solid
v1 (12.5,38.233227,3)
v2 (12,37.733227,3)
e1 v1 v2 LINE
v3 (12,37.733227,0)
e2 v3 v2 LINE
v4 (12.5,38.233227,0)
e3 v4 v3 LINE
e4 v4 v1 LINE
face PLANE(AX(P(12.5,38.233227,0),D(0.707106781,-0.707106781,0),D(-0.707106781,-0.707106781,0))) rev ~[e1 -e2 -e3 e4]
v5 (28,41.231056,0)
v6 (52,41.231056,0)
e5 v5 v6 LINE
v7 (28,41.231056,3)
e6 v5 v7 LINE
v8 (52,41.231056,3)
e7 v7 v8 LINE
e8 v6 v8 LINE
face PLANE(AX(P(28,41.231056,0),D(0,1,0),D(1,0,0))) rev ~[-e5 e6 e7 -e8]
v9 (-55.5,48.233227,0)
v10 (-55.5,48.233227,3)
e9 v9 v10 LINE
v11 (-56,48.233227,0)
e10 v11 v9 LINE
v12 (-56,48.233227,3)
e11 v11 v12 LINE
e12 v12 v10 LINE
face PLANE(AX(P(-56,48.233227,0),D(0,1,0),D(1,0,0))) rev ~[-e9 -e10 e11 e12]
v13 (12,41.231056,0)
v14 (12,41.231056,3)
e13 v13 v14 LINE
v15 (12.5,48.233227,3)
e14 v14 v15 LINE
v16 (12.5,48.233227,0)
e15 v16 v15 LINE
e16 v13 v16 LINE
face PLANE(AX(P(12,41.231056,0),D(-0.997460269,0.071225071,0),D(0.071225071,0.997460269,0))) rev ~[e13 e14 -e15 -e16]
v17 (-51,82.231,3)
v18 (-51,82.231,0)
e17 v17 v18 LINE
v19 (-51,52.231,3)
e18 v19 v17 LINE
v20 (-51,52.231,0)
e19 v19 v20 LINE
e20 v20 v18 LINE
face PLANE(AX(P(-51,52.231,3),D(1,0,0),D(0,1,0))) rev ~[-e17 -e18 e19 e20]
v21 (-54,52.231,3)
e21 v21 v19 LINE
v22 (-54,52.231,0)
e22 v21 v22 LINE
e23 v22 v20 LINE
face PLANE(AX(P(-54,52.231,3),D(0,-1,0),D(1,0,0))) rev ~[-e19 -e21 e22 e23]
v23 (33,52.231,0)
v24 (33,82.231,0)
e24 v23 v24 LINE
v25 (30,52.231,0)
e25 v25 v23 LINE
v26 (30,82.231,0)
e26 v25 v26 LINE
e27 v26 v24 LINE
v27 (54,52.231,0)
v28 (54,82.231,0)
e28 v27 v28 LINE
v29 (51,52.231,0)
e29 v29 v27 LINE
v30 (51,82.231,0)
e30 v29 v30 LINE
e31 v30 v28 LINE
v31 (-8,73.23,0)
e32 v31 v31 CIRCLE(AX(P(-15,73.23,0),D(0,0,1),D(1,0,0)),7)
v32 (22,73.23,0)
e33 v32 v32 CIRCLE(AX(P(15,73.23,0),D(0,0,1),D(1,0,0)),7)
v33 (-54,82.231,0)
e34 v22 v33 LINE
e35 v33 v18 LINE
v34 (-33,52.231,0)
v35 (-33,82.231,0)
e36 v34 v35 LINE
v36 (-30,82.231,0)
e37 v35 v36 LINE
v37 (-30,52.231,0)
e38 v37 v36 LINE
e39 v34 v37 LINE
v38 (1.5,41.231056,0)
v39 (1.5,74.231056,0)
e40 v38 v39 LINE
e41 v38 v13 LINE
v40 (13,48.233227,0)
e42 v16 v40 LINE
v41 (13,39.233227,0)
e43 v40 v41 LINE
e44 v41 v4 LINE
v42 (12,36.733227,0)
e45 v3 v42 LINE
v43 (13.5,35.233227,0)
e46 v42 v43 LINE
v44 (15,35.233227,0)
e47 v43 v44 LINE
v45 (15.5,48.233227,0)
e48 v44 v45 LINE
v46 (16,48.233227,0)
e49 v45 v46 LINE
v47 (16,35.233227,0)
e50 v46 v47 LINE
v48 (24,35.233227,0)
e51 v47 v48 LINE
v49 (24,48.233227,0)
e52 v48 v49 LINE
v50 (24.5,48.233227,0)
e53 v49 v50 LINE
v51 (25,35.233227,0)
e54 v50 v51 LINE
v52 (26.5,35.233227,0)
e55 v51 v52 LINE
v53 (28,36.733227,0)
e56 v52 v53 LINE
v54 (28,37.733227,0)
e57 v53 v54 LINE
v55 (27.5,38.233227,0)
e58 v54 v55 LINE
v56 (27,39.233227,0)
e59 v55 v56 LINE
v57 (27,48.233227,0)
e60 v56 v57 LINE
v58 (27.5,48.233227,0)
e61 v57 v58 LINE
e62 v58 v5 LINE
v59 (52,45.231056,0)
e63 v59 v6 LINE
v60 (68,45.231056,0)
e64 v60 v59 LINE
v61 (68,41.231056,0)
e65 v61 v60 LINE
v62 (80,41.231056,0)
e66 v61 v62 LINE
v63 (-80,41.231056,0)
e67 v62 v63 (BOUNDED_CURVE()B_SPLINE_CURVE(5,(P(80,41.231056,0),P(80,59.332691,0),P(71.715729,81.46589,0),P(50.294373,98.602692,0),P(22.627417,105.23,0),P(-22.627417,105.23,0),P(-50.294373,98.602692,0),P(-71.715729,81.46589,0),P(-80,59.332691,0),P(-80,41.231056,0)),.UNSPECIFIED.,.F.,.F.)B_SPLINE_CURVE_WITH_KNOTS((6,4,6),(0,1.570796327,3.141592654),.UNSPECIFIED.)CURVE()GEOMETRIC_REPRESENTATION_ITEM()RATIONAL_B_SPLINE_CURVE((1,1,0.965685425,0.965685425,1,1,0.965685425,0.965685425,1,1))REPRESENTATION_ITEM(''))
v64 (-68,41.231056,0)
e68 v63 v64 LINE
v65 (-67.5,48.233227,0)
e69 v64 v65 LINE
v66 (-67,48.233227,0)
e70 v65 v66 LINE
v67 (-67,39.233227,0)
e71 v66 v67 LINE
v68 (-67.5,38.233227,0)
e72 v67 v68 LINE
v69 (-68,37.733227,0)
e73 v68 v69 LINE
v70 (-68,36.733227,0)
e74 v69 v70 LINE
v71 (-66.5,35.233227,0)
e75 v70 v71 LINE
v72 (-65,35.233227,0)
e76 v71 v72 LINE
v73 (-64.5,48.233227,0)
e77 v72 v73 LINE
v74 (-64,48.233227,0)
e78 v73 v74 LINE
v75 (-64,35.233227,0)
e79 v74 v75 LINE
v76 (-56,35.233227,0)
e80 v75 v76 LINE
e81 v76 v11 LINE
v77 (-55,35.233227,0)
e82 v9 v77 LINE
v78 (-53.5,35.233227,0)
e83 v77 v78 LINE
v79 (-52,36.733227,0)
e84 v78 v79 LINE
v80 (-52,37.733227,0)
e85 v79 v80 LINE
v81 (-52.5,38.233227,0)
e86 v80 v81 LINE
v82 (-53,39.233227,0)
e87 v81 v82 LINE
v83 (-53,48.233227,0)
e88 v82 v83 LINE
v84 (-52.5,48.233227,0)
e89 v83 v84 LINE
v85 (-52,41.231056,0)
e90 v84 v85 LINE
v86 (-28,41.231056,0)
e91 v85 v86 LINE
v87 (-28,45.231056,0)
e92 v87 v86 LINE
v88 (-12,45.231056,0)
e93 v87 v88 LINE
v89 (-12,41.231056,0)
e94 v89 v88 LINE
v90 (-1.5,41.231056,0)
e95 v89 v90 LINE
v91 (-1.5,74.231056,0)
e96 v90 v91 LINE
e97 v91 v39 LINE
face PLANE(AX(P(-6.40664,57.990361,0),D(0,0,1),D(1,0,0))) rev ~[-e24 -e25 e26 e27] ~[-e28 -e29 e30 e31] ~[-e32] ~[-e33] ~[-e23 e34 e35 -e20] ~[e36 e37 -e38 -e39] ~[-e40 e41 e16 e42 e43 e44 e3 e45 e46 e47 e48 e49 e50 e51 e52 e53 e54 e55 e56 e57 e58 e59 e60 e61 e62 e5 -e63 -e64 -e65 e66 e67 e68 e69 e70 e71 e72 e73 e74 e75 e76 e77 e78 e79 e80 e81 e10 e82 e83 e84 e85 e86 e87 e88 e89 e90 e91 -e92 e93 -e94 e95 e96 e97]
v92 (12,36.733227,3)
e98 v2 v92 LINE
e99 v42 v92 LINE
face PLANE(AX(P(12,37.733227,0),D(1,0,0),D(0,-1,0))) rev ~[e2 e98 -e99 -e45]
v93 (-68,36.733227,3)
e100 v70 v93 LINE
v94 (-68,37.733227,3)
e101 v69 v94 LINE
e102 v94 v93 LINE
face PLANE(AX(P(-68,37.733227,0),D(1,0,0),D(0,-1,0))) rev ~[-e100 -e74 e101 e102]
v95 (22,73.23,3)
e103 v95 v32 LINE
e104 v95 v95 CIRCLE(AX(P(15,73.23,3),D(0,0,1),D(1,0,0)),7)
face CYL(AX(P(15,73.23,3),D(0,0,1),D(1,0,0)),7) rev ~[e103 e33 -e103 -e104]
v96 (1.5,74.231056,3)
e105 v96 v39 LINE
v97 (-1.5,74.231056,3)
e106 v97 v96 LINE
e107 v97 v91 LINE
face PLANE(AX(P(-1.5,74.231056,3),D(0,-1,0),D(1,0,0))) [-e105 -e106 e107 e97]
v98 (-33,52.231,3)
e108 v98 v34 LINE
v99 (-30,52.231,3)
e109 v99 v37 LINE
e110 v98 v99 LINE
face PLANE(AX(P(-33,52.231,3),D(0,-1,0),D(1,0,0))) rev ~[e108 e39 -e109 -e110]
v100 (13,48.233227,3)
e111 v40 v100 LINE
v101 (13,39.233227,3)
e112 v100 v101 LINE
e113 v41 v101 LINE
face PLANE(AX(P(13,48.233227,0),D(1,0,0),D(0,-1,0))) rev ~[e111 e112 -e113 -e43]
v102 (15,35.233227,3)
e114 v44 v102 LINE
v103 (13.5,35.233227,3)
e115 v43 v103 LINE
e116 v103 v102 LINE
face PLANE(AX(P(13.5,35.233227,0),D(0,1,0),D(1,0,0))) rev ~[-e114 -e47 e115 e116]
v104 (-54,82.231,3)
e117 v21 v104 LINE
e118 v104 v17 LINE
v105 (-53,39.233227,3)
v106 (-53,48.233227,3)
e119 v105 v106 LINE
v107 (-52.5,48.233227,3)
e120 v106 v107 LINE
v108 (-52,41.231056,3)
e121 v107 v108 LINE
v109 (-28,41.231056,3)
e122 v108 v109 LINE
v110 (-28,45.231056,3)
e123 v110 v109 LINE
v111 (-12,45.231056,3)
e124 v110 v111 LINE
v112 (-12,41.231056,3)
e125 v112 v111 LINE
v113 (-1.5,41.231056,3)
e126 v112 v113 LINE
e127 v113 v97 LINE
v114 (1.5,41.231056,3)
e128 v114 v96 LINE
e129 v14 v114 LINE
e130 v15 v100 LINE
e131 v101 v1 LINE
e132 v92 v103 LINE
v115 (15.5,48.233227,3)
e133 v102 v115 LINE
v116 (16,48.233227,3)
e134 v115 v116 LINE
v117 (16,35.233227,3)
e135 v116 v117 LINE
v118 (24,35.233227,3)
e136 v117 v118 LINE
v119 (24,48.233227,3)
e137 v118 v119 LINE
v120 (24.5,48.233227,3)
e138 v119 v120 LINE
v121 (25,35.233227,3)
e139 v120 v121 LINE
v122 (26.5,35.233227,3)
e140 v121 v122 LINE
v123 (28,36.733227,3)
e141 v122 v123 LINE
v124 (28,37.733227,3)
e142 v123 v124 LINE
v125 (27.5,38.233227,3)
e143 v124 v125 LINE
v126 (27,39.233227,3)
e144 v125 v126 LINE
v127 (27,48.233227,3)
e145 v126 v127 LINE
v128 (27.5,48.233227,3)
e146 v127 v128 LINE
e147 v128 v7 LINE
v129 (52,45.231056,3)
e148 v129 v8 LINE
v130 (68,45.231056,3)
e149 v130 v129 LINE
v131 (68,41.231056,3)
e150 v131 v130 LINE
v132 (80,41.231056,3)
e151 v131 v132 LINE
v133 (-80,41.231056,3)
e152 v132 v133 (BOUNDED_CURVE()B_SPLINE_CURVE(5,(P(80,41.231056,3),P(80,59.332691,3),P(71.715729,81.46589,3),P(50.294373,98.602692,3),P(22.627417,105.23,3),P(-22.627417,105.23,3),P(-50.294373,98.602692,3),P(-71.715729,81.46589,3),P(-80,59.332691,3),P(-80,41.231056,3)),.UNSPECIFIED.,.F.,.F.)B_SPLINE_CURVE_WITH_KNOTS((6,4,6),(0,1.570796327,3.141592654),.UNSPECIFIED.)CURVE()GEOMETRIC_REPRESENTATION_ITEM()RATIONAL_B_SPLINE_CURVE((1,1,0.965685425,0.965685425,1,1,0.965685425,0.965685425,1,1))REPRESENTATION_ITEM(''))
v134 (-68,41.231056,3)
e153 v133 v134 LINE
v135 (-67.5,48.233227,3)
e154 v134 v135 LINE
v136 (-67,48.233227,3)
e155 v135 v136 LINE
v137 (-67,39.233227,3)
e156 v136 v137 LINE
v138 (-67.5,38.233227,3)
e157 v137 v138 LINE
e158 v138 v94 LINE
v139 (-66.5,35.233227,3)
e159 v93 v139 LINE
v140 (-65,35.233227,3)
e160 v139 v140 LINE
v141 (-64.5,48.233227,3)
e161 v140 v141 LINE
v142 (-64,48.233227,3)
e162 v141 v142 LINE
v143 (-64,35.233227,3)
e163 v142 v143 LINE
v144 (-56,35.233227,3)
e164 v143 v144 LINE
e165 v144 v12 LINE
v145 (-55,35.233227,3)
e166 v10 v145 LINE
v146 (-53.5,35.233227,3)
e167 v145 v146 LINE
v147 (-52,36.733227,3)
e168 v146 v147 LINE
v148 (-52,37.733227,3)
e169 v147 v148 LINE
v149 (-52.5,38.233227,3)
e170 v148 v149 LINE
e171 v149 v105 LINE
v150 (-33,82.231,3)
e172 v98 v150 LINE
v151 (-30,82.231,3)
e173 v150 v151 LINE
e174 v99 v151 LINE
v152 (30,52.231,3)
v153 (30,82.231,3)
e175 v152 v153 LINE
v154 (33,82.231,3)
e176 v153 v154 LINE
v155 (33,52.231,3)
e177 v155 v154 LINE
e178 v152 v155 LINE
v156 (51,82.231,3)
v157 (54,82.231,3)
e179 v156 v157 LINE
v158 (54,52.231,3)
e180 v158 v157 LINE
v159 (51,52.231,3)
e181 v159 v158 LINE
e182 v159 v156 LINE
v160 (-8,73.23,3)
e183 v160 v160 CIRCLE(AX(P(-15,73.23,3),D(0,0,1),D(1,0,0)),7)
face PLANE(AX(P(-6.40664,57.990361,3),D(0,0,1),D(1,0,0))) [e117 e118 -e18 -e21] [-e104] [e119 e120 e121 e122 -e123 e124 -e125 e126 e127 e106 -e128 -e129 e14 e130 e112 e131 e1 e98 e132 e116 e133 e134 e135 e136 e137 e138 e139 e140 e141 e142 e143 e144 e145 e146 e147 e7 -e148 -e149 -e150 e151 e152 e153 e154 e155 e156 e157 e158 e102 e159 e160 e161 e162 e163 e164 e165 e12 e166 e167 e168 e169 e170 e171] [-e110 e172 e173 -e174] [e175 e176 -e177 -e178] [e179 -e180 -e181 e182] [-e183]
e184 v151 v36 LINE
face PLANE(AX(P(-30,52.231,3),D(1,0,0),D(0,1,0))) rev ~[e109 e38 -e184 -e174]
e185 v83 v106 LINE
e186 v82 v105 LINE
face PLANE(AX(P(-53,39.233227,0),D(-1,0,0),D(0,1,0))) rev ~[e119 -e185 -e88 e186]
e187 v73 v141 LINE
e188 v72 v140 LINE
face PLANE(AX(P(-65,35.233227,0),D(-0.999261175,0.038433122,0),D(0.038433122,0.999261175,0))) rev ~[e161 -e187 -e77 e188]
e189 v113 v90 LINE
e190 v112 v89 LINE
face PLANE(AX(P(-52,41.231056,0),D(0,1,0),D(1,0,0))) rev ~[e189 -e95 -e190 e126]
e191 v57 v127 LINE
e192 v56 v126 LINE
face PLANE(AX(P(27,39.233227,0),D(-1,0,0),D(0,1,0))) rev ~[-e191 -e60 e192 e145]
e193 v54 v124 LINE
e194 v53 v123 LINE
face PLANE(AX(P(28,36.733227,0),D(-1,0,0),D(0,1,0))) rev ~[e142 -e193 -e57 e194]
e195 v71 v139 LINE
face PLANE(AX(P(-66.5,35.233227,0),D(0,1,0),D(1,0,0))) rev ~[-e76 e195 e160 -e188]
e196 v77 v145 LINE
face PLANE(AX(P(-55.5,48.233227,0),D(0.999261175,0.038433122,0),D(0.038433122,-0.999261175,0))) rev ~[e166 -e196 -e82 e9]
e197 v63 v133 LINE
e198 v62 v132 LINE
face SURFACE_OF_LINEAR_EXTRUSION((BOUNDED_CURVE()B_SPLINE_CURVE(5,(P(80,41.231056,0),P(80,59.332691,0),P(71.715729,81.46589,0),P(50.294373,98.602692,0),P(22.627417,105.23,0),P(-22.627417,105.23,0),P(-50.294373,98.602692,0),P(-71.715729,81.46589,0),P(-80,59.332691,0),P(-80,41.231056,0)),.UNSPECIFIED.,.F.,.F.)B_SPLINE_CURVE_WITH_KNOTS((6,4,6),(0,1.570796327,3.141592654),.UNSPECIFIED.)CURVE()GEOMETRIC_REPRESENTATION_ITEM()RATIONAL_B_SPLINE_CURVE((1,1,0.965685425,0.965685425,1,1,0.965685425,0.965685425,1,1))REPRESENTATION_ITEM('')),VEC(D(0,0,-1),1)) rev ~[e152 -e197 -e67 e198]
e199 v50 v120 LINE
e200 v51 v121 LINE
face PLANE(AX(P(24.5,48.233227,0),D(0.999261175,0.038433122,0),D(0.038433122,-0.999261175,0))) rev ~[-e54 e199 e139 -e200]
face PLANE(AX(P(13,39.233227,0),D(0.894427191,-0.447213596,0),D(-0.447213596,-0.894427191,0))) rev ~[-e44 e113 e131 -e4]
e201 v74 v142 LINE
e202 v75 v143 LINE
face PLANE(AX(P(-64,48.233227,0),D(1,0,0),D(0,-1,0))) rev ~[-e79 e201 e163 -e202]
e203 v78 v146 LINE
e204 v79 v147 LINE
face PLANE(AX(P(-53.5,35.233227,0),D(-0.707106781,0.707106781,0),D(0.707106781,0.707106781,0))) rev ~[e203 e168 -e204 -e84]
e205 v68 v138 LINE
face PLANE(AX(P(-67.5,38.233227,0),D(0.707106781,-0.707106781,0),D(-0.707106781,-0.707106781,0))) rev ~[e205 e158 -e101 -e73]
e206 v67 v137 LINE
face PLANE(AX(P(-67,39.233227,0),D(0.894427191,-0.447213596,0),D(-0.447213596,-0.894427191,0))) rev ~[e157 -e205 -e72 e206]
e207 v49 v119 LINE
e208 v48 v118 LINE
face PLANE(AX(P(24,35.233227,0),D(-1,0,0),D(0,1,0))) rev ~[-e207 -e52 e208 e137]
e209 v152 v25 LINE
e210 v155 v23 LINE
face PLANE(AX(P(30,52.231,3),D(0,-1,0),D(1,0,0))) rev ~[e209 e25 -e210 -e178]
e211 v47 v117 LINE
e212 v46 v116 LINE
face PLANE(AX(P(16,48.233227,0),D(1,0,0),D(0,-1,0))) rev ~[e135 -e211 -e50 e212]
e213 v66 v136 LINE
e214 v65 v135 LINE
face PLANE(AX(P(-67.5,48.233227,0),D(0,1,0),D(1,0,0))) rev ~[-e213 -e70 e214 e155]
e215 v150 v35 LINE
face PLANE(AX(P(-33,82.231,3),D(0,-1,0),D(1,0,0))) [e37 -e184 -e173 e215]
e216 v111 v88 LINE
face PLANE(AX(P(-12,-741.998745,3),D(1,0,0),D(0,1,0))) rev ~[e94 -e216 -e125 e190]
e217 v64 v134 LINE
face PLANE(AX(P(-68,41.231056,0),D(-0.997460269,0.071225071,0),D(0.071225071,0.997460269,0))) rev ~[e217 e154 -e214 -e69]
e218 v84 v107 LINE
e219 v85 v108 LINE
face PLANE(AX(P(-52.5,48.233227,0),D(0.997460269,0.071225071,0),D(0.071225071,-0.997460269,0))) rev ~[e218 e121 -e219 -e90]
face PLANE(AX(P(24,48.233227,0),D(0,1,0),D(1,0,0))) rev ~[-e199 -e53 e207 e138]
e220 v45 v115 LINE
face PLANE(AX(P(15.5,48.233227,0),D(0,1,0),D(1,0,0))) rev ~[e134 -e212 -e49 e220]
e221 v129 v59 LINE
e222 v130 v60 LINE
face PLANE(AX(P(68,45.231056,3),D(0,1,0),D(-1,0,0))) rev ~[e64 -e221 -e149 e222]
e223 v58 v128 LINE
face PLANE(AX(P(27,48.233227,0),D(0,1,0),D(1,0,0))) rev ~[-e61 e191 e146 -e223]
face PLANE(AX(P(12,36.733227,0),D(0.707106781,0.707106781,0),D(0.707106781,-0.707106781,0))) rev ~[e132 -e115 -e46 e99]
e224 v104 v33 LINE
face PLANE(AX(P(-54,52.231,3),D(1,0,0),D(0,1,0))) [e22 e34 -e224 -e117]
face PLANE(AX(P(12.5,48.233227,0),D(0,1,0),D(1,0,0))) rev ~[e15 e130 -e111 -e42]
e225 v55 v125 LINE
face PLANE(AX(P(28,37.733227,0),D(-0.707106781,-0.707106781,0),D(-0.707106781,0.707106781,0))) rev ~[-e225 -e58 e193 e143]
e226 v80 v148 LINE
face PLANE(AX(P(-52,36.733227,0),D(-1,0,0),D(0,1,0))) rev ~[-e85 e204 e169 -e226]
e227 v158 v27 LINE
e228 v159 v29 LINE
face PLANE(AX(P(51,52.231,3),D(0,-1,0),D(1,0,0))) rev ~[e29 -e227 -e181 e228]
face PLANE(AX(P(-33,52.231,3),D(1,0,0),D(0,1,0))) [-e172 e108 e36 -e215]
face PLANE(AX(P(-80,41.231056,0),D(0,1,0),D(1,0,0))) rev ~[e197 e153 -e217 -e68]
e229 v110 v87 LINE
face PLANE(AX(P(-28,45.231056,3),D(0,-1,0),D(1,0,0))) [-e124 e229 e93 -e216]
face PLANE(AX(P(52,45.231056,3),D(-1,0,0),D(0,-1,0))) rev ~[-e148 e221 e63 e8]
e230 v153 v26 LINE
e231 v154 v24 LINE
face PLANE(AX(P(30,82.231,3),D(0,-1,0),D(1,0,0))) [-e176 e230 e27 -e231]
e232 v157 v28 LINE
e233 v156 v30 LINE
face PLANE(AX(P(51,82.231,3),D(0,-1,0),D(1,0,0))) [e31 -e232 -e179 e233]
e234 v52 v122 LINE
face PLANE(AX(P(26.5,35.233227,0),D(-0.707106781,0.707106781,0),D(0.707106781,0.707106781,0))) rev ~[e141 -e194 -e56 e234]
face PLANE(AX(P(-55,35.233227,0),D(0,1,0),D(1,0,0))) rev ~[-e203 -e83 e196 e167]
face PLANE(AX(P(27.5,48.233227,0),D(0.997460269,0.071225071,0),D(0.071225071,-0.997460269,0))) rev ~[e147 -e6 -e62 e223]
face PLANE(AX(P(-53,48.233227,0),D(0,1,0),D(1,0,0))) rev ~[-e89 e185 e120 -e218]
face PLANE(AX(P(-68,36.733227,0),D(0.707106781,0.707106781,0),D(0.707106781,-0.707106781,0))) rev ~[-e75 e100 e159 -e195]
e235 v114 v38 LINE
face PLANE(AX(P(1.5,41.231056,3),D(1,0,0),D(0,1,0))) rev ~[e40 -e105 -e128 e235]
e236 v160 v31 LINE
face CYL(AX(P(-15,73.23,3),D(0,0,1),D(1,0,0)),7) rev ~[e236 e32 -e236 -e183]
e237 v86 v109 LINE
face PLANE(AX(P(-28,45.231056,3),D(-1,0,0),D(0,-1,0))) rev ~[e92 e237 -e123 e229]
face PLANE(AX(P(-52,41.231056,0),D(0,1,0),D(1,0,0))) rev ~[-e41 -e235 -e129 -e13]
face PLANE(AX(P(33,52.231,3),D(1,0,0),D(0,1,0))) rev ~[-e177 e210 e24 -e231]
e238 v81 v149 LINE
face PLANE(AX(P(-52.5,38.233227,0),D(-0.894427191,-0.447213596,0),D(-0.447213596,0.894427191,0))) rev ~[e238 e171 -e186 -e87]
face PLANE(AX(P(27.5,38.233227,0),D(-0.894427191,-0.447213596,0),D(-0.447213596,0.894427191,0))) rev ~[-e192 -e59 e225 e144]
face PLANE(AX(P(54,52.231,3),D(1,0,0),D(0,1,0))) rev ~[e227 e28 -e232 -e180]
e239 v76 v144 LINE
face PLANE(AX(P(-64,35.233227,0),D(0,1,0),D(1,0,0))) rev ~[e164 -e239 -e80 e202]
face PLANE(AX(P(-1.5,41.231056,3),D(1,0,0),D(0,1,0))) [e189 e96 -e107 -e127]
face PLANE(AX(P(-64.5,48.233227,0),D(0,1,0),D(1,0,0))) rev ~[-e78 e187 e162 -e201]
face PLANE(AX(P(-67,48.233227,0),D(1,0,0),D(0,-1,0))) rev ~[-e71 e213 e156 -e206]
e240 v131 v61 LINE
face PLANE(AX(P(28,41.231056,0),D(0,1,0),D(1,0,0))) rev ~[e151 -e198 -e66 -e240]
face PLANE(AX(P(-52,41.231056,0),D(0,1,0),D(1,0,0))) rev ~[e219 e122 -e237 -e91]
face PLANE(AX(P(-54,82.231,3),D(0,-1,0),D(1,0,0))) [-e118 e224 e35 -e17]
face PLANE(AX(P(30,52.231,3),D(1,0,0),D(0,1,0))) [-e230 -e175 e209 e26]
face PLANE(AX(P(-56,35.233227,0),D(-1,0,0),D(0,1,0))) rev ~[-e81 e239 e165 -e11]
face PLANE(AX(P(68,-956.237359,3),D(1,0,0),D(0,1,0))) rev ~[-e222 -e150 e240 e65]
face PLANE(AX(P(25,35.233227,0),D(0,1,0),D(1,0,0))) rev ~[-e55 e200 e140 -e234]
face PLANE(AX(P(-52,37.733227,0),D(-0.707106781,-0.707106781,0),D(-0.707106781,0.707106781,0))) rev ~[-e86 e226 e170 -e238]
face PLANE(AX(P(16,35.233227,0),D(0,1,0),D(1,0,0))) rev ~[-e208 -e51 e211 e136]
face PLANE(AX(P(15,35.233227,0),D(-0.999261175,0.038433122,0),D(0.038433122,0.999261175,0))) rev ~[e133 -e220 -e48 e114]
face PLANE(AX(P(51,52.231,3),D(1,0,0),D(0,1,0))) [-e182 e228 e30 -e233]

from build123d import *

# Parameters (mm, degrees)
BOSS_EXTRUDE1_DEPTH     = 3
SKETCH3_W               = 3
SKETCH3_H               = 33
CUT_EXTRUDE1_DEPTH      = 1.0000001
CUT_EXTRUDE1_DEPTH_BACK = 3
CUT_EXTRUDE2_DEPTH      = 1.0000001
CUT_EXTRUDE2_DEPTH_BACK = 3
CUT_EXTRUDE3_DEPTH      = 1.0000001
CUT_EXTRUDE3_DEPTH_BACK = 3
SKETCH7_W               = 3
SKETCH7_H               = 30
CUT_EXTRUDE4_DEPTH      = 3
SKETCH8_R               = 7
CUT_EXTRUDE5_DEPTH      = 3


with BuildPart() as part:
    # Sketch1 → Boss-Extrude1 (new body)
    with BuildSketch(Plane.XY):
        with BuildLine():
            Line((-80, 41.231056256), (-68, 41.231056256))
            Line((-68, 41.231056256), (-67.5, 48.233227348))
            Line((-67.5, 48.233227348), (-67, 48.233227348))
            Line((-67, 48.233227348), (-67, 39.233227348))
            Line((-67, 39.233227348), (-67.5, 38.233227348))
            Line((-67.5, 38.233227348), (-68, 37.733227348))
            Line((-68, 37.733227348), (-68, 36.733227348))
            Line((-68, 36.733227348), (-66.5, 35.233227348))
            Line((-66.5, 35.233227348), (-65, 35.233227348))
            Line((-65, 35.233227348), (-64.5, 48.233227348))
            Line((-64.5, 48.233227348), (-64, 48.233227348))
            Line((-64, 48.233227348), (-64, 35.233227348))
            Line((-64, 35.233227348), (-56, 35.233227348))
            Line((-56, 35.233227348), (-56, 48.233227348))
            Line((-56, 48.233227348), (-55.5, 48.233227348))
            Line((-55.5, 48.233227348), (-55, 35.233227348))
            Line((-55, 35.233227348), (-53.5, 35.233227348))
            Line((-53.5, 35.233227348), (-52, 36.733227348))
            Line((-52, 36.733227348), (-52, 37.733227348))
            Line((-52, 37.733227348), (-52.5, 38.233227348))
            Line((-52.5, 38.233227348), (-53, 39.233227348))
            Line((-53, 39.233227348), (-53, 48.233227348))
            Line((-53, 48.233227348), (-52.5, 48.233227348))
            Line((-52.5, 48.233227348), (-52, 41.231056256))
            Line((-52, 41.231056256), (12, 41.231056256))
            Line((12, 41.231056256), (12.5, 48.233227348))
            Line((12.5, 48.233227348), (13, 48.233227348))
            Line((13, 48.233227348), (13, 39.233227348))
            Line((13, 39.233227348), (12.5, 38.233227348))
            Line((12.5, 38.233227348), (12, 37.733227348))
            Line((12, 37.733227348), (12, 36.733227348))
            Line((12, 36.733227348), (13.5, 35.233227348))
            Line((13.5, 35.233227348), (15, 35.233227348))
            Line((15, 35.233227348), (15.5, 48.233227348))
            Line((15.5, 48.233227348), (16, 48.233227348))
            Line((16, 48.233227348), (16, 35.233227348))
            Line((16, 35.233227348), (24, 35.233227348))
            Line((24, 35.233227348), (24, 48.233227348))
            Line((24, 48.233227348), (24.5, 48.233227348))
            Line((24.5, 48.233227348), (25, 35.233227348))
            Line((25, 35.233227348), (26.5, 35.233227348))
            Line((26.5, 35.233227348), (28, 36.733227348))
            Line((28, 36.733227348), (28, 37.733227348))
            Line((28, 37.733227348), (27.5, 38.233227348))
            Line((27.5, 38.233227348), (27, 39.233227348))
            Line((27, 39.233227348), (27, 48.233227348))
            Line((27, 48.233227348), (27.5, 48.233227348))
            Line((27.5, 48.233227348), (28, 41.231056256))
            Line((28, 41.231056256), (80, 41.231056256))
            add(Edge.make_bspline(
                [(80, 41.231056256), (80, 105.23), (0, 105.23)],
                knots=[0, 0, 0, 1.570796327, 1.570796327, 1.570796327], degree=2, weights=[1, 0.707106781, 1]))
            add(Edge.make_bspline(
                [(0, 105.23), (-80, 105.23), (-80, 41.231056256)],
                knots=[4.71238898, 4.71238898, 4.71238898, 6.283185307, 6.283185307, 6.283185307], degree=2, weights=[1, 0.707106781, 1]))
        make_face()
    extrude(amount=BOSS_EXTRUDE1_DEPTH)

    # Sketch3 → Cut-Extrude1 (cut, two sides)
    with BuildSketch(Plane.XY.offset(3)) as cut_extrude1_sk:
        with Locations((0, 57.731056256)):
            Rectangle(SKETCH3_W, SKETCH3_H)
    extrude(amount=CUT_EXTRUDE1_DEPTH, mode=Mode.SUBTRACT)
    extrude(cut_extrude1_sk.sketch, amount=-CUT_EXTRUDE1_DEPTH_BACK, mode=Mode.SUBTRACT)

    # Sketch4 → Cut-Extrude2 (cut, two sides)
    with BuildSketch(Plane.XY.offset(3)) as cut_extrude2_sk:
        Polygon((-28, -219.845544284), (-28, 41.231056256), (-28, 45.231056256), (-12, 45.231056256), (-12, 41.231056256), (-12, -219.845544284), (-12, -741.998745365), (-28, -741.998745365), align=None)
    extrude(amount=CUT_EXTRUDE2_DEPTH, mode=Mode.SUBTRACT)
    extrude(cut_extrude2_sk.sketch, amount=-CUT_EXTRUDE2_DEPTH_BACK, mode=Mode.SUBTRACT)

    # Sketch5 → Cut-Extrude3 (cut, two sides)
    with BuildSketch(Plane.XY.offset(3)) as cut_extrude3_sk:
        Polygon((68, -291.258415465), (68, 41.231056256), (68, 45.231056256), (52, 45.231056256), (52, 41.231056256), (52, -291.258415465), (52, -956.237358907), (68, -956.237358907), align=None)
    extrude(amount=CUT_EXTRUDE3_DEPTH, mode=Mode.SUBTRACT)
    extrude(cut_extrude3_sk.sketch, amount=-CUT_EXTRUDE3_DEPTH_BACK, mode=Mode.SUBTRACT)

    # Sketch7 → Cut-Extrude4 (cut)
    with BuildSketch(Plane.XY.offset(3)):
        with Locations((-52.5, 67.231)):
            Rectangle(SKETCH7_W, SKETCH7_H)
        with Locations((52.5, 67.231)):
            Rectangle(SKETCH7_W, SKETCH7_H)
        with Locations((-31.5, 67.231)):
            Rectangle(SKETCH7_W, SKETCH7_H)
        with Locations((31.5, 67.231)):
            Rectangle(SKETCH7_W, SKETCH7_H)
    extrude(amount=-CUT_EXTRUDE4_DEPTH, mode=Mode.SUBTRACT)

    # Sketch8 → Cut-Extrude5 (cut)
    with BuildSketch(Plane.XY.offset(3)):
        with Locations((-15, 73.23)):
            Circle(SKETCH8_R)
        with Locations((15, 73.23)):
            Circle(SKETCH8_R)
    extrude(amount=-CUT_EXTRUDE5_DEPTH, mode=Mode.SUBTRACT)


solid = part.part
